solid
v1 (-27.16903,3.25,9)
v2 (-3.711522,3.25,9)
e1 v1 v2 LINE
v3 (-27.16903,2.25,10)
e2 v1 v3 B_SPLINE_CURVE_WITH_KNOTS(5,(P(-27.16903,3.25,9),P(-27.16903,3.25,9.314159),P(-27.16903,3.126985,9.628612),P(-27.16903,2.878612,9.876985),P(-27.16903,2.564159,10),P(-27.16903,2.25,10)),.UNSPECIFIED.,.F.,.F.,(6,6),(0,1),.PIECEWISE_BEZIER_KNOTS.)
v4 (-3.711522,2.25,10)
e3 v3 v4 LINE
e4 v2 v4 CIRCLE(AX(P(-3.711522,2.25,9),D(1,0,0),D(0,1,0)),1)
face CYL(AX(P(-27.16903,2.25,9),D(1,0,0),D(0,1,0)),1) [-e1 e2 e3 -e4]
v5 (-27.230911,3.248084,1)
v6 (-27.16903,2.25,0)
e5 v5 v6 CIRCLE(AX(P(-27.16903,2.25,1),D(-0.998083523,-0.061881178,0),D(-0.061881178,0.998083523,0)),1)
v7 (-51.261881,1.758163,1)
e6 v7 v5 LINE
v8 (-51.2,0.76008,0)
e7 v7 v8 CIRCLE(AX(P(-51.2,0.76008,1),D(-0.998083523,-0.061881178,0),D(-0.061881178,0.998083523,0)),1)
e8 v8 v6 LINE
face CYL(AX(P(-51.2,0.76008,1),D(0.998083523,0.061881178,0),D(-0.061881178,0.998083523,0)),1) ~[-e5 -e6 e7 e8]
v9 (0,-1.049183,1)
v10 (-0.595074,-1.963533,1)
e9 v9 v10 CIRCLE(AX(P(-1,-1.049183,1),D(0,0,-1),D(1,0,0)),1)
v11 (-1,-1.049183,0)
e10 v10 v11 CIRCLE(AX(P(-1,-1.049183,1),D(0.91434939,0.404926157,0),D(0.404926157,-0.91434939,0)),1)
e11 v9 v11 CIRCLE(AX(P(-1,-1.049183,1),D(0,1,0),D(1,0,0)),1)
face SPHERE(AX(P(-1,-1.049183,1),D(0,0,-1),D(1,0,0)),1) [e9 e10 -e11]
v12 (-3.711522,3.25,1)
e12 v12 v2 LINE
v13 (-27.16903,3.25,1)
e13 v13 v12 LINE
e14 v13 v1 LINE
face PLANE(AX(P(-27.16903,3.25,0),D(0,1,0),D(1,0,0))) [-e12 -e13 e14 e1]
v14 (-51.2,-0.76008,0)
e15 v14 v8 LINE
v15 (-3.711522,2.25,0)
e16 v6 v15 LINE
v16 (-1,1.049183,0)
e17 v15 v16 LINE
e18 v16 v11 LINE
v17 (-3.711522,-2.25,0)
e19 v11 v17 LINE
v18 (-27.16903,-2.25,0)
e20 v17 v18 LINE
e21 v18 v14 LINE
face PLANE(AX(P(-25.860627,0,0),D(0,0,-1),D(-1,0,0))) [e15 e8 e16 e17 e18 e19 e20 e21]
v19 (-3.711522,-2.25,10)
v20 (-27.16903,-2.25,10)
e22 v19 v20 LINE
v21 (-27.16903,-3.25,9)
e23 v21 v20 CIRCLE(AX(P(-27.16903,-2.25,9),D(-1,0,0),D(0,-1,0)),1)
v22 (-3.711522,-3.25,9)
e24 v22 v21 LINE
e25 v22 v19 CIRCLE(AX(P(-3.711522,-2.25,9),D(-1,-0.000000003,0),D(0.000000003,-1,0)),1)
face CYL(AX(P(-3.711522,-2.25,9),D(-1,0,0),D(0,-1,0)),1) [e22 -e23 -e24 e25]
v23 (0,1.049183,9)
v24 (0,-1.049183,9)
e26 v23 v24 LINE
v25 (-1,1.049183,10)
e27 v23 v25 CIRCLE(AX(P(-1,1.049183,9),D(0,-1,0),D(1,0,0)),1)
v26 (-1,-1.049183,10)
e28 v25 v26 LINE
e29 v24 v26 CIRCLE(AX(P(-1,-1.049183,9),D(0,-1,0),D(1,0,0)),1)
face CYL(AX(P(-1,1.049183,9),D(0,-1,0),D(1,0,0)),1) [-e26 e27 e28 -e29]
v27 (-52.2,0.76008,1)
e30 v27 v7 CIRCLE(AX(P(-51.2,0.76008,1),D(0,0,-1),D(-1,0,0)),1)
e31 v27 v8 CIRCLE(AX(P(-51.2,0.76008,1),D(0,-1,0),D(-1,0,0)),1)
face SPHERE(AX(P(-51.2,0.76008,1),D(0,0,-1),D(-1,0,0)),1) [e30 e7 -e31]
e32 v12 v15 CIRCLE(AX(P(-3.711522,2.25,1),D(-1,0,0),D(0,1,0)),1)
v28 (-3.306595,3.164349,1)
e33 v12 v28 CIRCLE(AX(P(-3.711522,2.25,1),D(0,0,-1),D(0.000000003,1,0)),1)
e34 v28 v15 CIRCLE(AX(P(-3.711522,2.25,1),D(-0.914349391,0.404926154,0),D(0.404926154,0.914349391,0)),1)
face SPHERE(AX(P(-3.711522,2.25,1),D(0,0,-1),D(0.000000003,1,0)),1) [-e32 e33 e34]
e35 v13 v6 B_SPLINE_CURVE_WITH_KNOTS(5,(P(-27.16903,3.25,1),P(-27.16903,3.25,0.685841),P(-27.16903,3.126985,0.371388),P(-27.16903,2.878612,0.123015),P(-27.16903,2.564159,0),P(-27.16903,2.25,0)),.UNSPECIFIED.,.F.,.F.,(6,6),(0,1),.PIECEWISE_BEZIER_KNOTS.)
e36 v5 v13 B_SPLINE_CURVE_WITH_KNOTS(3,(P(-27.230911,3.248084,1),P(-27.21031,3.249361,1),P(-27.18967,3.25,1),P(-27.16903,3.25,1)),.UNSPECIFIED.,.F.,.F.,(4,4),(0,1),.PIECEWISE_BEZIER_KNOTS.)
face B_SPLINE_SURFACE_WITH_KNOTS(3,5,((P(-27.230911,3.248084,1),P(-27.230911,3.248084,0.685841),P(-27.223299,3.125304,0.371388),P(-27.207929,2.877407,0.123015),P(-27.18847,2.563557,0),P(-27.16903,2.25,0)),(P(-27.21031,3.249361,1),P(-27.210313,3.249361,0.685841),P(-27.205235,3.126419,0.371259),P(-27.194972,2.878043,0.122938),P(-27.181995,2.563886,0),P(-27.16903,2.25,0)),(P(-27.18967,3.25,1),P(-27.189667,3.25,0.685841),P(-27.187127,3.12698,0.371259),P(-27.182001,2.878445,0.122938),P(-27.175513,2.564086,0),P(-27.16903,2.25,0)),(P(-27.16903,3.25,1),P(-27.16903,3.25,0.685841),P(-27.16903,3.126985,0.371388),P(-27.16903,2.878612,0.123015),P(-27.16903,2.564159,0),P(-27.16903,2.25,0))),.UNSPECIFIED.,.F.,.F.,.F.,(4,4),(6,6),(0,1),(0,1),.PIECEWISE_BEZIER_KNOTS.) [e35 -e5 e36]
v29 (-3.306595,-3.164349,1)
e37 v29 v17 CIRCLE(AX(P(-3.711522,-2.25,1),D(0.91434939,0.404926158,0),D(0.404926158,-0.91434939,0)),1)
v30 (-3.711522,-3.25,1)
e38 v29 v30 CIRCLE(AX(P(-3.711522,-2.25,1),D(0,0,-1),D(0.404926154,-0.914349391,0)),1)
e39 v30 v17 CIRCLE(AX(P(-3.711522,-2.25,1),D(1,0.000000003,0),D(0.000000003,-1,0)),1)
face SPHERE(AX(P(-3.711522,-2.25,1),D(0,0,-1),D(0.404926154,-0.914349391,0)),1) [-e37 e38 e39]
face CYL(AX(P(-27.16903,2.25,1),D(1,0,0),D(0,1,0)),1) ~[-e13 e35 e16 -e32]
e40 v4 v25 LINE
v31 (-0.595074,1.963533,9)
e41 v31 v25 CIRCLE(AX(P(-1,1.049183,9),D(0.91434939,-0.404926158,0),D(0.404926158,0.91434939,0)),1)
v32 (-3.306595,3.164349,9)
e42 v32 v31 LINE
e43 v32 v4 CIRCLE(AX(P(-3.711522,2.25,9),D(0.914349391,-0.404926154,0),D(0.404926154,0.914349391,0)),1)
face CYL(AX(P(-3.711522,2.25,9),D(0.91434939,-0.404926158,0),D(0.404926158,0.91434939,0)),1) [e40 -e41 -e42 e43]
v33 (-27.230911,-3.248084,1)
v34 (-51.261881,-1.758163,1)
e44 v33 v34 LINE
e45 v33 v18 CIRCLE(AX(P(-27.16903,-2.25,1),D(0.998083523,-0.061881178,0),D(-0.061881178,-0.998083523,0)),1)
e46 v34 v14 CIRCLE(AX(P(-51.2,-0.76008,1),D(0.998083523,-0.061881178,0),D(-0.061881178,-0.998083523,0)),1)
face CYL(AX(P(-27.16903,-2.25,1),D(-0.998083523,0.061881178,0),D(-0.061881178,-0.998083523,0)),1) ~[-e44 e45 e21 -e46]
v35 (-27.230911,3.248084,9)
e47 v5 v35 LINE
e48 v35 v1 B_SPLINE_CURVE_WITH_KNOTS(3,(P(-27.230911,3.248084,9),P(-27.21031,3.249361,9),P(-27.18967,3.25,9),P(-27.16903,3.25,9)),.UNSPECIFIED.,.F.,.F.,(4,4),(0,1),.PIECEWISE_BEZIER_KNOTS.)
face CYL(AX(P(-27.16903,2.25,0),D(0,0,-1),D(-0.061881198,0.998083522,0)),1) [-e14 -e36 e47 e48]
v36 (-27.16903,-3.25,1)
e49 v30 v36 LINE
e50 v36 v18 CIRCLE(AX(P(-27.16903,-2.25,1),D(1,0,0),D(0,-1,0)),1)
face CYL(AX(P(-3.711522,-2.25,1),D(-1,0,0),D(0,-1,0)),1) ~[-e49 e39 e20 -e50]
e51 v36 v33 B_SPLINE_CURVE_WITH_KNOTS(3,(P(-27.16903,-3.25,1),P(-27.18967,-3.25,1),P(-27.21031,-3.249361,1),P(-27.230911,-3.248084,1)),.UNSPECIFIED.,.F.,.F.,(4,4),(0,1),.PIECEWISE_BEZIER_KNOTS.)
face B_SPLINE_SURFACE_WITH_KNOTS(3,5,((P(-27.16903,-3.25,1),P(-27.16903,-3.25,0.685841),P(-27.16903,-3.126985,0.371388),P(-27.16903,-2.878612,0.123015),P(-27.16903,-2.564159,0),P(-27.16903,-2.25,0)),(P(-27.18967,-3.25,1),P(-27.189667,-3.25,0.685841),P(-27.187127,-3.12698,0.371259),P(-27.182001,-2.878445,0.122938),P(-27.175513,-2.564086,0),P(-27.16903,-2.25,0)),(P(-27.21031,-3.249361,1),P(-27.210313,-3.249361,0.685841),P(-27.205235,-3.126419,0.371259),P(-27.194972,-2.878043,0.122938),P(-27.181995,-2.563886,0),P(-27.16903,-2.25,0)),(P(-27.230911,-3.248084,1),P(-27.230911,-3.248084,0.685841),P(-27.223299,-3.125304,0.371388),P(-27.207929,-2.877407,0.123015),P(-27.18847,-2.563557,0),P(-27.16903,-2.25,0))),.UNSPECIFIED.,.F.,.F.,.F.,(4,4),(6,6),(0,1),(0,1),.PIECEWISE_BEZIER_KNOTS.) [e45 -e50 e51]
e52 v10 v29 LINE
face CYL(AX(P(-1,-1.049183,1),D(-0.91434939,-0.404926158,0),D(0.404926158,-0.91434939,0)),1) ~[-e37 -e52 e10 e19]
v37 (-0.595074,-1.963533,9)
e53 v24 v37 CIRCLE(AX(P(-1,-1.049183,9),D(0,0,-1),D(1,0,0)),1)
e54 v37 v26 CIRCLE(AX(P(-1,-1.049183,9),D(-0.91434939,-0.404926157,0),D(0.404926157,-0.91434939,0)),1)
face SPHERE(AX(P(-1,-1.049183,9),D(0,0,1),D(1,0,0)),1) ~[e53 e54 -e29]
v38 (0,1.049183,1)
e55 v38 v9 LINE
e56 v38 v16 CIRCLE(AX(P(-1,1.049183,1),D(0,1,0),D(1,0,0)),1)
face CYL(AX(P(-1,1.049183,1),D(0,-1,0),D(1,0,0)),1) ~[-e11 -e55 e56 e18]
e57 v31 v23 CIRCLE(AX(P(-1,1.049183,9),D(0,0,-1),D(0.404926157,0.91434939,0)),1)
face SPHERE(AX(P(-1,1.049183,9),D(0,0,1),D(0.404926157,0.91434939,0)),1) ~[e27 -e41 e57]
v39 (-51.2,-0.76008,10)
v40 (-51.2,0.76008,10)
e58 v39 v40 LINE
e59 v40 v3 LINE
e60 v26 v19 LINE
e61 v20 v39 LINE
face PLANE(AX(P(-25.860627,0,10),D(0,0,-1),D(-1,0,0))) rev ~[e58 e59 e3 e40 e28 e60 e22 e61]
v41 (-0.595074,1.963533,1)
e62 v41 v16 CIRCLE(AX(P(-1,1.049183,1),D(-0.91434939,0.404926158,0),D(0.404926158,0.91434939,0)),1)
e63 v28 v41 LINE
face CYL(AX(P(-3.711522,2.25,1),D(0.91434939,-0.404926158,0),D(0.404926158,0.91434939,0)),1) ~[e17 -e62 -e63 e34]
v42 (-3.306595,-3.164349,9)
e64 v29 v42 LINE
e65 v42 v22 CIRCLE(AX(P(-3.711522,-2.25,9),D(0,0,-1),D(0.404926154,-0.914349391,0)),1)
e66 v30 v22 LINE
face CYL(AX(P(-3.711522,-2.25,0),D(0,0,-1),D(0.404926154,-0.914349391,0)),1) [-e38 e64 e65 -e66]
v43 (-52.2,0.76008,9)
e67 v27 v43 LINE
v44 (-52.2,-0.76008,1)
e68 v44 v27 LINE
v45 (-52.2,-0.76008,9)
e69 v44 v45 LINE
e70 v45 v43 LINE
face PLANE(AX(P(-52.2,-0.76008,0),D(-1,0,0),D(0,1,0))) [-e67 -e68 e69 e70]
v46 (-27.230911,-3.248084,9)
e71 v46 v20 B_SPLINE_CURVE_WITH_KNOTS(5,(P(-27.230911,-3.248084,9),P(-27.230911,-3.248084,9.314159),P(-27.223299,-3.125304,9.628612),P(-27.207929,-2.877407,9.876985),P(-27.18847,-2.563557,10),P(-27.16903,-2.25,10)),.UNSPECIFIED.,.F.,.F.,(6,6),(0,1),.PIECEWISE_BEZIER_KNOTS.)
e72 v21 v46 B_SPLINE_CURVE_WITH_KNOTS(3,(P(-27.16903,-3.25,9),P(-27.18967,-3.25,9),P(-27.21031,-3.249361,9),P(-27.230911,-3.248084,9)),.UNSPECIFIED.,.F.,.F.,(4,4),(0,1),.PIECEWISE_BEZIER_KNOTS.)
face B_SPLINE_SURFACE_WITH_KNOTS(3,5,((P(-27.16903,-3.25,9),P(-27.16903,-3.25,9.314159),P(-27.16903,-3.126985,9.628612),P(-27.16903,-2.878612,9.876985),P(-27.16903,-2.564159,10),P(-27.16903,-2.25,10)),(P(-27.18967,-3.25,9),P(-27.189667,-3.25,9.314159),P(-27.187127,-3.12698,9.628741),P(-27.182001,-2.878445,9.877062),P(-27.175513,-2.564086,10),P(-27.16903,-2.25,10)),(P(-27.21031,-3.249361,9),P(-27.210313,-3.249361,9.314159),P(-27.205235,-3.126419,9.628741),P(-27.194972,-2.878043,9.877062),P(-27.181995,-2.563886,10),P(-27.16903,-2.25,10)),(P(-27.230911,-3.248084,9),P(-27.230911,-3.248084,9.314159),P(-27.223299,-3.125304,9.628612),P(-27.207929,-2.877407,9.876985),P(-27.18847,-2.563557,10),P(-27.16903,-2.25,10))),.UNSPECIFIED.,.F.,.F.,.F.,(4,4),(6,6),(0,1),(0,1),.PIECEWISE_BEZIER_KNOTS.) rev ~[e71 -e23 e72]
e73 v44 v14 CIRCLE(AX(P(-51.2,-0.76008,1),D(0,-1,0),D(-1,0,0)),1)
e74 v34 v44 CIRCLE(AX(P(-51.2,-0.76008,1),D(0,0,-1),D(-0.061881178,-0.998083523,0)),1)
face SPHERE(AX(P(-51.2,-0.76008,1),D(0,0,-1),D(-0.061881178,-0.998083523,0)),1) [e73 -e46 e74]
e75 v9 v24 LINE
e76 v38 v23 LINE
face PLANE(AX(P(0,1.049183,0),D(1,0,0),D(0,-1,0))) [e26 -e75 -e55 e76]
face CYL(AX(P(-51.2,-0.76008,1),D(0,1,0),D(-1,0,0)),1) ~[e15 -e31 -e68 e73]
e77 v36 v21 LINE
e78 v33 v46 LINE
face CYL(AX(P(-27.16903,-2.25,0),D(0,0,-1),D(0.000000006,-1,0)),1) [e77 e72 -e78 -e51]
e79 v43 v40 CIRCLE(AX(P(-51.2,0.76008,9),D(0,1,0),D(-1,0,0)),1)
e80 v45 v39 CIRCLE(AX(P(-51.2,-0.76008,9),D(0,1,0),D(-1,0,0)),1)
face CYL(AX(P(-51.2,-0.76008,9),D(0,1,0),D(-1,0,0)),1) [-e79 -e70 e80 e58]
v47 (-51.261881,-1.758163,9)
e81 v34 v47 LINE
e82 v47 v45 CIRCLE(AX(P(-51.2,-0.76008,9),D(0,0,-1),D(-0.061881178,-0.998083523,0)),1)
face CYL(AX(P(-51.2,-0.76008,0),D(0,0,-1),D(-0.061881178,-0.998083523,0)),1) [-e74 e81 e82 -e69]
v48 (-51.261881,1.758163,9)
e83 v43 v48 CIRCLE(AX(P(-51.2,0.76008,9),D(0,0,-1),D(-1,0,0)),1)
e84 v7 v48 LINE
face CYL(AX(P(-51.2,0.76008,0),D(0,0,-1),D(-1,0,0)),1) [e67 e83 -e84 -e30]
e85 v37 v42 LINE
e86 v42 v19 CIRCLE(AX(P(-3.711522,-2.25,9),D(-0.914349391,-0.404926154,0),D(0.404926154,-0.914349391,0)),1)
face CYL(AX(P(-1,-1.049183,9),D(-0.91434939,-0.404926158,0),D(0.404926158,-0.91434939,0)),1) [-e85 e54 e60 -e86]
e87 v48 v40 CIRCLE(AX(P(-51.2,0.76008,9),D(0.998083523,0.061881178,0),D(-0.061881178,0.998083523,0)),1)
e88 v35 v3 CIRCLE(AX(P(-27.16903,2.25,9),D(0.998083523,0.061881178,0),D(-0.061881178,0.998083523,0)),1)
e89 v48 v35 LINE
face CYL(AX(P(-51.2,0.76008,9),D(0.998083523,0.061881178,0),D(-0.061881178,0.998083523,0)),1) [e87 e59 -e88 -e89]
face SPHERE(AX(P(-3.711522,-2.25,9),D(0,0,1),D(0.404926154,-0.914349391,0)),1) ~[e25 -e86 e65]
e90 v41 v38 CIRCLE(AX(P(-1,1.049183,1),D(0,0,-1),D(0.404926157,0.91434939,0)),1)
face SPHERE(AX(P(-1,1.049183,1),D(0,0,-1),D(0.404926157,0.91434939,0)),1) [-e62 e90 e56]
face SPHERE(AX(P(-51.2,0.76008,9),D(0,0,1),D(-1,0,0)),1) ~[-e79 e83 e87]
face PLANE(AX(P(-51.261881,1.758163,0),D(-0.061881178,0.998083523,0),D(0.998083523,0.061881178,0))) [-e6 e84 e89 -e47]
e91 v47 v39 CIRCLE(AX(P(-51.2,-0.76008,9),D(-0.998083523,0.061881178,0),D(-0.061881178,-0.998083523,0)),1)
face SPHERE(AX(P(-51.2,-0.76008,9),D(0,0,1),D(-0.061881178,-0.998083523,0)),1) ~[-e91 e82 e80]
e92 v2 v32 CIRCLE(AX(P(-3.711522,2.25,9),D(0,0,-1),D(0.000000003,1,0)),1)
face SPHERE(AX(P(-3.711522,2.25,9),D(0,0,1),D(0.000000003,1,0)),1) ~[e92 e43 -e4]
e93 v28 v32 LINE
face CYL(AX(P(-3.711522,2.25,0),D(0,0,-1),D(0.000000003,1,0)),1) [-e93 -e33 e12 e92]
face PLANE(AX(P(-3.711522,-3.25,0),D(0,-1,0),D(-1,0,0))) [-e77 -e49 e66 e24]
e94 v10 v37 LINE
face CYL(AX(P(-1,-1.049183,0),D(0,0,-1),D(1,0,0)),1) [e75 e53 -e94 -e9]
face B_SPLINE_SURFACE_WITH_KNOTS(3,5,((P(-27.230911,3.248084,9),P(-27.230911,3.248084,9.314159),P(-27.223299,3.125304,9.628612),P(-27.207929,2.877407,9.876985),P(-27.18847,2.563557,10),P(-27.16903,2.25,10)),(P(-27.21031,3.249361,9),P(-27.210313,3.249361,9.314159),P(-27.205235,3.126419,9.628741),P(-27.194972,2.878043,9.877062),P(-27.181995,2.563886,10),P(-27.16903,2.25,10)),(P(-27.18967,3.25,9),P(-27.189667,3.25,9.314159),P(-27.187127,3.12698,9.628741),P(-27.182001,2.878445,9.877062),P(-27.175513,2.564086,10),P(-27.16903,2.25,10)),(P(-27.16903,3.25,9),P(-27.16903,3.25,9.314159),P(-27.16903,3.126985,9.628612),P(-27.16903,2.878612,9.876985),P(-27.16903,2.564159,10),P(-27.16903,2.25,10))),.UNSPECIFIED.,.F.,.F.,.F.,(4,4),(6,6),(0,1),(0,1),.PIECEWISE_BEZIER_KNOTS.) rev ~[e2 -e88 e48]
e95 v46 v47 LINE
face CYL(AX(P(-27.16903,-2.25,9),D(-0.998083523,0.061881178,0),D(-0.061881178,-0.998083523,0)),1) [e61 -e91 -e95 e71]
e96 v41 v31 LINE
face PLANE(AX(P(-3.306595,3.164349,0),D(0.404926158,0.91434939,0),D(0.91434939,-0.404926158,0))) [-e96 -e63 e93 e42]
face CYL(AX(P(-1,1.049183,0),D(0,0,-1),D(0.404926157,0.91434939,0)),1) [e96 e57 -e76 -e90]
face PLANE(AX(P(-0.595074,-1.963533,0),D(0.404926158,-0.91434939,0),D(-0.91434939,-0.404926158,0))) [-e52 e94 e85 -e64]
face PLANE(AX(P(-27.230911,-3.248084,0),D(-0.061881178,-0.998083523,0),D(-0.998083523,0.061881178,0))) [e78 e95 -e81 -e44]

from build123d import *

# Parameters (mm, degrees)
BOSS_EXTRUDE1_DEPTH = 10
FILLET1_R           = 1


with BuildPart() as part:
    # Sketch1 → Boss-Extrude1 (new body)
    with BuildSketch(Plane.XY):
        with BuildLine():
            Line((0, 1.049183312), (0, -1.049183312))
            ThreePointArc((0, -1.049183312), (-0.161869295, -1.594652762), (-0.595073842, -1.963532701))
            Line((-0.595073842, -1.963532701), (-3.306595396, -3.16434939))
            ThreePointArc((-3.306595396, -3.16434939), (-3.504578796, -3.228353052), (-3.711521554, -3.25))
            Line((-3.711521554, -3.25), (-27.169029734, -3.25))
            ThreePointArc((-27.169029734, -3.25), (-27.199985158, -3.249520766), (-27.230910912, -3.248083523))
            Line((-27.230910912, -3.248083523), (-51.261881178, -1.758163367))
            ThreePointArc((-51.261881178, -1.758163367), (-51.928656702, -1.444958965), (-52.2, -0.760079844))
            Line((-52.2, -0.760079844), (-52.2, 0.760079844))
            ThreePointArc((-52.2, 0.760079844), (-51.928656702, 1.444958965), (-51.261881178, 1.758163367))
            Line((-51.261881178, 1.758163367), (-27.230910912, 3.248083523))
            ThreePointArc((-27.230910912, 3.248083523), (-27.199985158, 3.249520766), (-27.169029734, 3.25))
            Line((-27.169029734, 3.25), (-3.711521554, 3.25))
            ThreePointArc((-3.711521554, 3.25), (-3.504578796, 3.228353052), (-3.306595396, 3.16434939))
            Line((-3.306595396, 3.16434939), (-0.595073842, 1.963532701))
            ThreePointArc((-0.595073842, 1.963532701), (-0.161869295, 1.594652762), (0, 1.049183312))
        make_face()
    extrude(amount=BOSS_EXTRUDE1_DEPTH)

    # Fillet1
    fillet1_edges = [part.edges().sort_by_distance(p)[0] for p in [
        (-3.504578796, -3.228353052, 10),
        (-1.950834619, -2.563941045, 10),
        (-39.246396045, -2.503123445, 0),
        (-51.928656702, -1.444958965, 0),
        (-52.2, 0, 0),
        (-51.928656702, 1.444958965, 0),
        (-39.246396045, 2.503123445, 0),
        (-0.161869295, -1.594652762, 10),
        (-27.199985158, 3.249520766, 0),
        (-15.440275644, 3.25, 0),
        (-3.504578796, 3.228353052, 0),
        (-1.950834619, 2.563941045, 0),
        (-0.161869295, 1.594652762, 0),
        (0, 0, 0),
        (-0.161869295, -1.594652762, 0),
        (-1.950834619, -2.563941045, 0),
        (0, 0, 10),
        (-3.504578796, -3.228353052, 0),
        (-15.440275644, -3.25, 0),
        (-27.199985158, -3.249520766, 0),
        (-0.161869295, 1.594652762, 10),
        (-1.950834619, 2.563941045, 10),
        (-3.504578796, 3.228353052, 10),
        (-15.440275644, 3.25, 10),
        (-27.199985158, 3.249520766, 10),
        (-39.246396045, 2.503123445, 10),
        (-27.199985158, -3.249520766, 10),
        (-51.928656702, 1.444958965, 10),
        (-52.2, 0, 10),
        (-51.928656702, -1.444958965, 10),
        (-39.246396045, -2.503123445, 10),
        (-15.440275644, -3.25, 10),
    ]]
    fillet(fillet1_edges, radius=FILLET1_R)


solid = part.part
